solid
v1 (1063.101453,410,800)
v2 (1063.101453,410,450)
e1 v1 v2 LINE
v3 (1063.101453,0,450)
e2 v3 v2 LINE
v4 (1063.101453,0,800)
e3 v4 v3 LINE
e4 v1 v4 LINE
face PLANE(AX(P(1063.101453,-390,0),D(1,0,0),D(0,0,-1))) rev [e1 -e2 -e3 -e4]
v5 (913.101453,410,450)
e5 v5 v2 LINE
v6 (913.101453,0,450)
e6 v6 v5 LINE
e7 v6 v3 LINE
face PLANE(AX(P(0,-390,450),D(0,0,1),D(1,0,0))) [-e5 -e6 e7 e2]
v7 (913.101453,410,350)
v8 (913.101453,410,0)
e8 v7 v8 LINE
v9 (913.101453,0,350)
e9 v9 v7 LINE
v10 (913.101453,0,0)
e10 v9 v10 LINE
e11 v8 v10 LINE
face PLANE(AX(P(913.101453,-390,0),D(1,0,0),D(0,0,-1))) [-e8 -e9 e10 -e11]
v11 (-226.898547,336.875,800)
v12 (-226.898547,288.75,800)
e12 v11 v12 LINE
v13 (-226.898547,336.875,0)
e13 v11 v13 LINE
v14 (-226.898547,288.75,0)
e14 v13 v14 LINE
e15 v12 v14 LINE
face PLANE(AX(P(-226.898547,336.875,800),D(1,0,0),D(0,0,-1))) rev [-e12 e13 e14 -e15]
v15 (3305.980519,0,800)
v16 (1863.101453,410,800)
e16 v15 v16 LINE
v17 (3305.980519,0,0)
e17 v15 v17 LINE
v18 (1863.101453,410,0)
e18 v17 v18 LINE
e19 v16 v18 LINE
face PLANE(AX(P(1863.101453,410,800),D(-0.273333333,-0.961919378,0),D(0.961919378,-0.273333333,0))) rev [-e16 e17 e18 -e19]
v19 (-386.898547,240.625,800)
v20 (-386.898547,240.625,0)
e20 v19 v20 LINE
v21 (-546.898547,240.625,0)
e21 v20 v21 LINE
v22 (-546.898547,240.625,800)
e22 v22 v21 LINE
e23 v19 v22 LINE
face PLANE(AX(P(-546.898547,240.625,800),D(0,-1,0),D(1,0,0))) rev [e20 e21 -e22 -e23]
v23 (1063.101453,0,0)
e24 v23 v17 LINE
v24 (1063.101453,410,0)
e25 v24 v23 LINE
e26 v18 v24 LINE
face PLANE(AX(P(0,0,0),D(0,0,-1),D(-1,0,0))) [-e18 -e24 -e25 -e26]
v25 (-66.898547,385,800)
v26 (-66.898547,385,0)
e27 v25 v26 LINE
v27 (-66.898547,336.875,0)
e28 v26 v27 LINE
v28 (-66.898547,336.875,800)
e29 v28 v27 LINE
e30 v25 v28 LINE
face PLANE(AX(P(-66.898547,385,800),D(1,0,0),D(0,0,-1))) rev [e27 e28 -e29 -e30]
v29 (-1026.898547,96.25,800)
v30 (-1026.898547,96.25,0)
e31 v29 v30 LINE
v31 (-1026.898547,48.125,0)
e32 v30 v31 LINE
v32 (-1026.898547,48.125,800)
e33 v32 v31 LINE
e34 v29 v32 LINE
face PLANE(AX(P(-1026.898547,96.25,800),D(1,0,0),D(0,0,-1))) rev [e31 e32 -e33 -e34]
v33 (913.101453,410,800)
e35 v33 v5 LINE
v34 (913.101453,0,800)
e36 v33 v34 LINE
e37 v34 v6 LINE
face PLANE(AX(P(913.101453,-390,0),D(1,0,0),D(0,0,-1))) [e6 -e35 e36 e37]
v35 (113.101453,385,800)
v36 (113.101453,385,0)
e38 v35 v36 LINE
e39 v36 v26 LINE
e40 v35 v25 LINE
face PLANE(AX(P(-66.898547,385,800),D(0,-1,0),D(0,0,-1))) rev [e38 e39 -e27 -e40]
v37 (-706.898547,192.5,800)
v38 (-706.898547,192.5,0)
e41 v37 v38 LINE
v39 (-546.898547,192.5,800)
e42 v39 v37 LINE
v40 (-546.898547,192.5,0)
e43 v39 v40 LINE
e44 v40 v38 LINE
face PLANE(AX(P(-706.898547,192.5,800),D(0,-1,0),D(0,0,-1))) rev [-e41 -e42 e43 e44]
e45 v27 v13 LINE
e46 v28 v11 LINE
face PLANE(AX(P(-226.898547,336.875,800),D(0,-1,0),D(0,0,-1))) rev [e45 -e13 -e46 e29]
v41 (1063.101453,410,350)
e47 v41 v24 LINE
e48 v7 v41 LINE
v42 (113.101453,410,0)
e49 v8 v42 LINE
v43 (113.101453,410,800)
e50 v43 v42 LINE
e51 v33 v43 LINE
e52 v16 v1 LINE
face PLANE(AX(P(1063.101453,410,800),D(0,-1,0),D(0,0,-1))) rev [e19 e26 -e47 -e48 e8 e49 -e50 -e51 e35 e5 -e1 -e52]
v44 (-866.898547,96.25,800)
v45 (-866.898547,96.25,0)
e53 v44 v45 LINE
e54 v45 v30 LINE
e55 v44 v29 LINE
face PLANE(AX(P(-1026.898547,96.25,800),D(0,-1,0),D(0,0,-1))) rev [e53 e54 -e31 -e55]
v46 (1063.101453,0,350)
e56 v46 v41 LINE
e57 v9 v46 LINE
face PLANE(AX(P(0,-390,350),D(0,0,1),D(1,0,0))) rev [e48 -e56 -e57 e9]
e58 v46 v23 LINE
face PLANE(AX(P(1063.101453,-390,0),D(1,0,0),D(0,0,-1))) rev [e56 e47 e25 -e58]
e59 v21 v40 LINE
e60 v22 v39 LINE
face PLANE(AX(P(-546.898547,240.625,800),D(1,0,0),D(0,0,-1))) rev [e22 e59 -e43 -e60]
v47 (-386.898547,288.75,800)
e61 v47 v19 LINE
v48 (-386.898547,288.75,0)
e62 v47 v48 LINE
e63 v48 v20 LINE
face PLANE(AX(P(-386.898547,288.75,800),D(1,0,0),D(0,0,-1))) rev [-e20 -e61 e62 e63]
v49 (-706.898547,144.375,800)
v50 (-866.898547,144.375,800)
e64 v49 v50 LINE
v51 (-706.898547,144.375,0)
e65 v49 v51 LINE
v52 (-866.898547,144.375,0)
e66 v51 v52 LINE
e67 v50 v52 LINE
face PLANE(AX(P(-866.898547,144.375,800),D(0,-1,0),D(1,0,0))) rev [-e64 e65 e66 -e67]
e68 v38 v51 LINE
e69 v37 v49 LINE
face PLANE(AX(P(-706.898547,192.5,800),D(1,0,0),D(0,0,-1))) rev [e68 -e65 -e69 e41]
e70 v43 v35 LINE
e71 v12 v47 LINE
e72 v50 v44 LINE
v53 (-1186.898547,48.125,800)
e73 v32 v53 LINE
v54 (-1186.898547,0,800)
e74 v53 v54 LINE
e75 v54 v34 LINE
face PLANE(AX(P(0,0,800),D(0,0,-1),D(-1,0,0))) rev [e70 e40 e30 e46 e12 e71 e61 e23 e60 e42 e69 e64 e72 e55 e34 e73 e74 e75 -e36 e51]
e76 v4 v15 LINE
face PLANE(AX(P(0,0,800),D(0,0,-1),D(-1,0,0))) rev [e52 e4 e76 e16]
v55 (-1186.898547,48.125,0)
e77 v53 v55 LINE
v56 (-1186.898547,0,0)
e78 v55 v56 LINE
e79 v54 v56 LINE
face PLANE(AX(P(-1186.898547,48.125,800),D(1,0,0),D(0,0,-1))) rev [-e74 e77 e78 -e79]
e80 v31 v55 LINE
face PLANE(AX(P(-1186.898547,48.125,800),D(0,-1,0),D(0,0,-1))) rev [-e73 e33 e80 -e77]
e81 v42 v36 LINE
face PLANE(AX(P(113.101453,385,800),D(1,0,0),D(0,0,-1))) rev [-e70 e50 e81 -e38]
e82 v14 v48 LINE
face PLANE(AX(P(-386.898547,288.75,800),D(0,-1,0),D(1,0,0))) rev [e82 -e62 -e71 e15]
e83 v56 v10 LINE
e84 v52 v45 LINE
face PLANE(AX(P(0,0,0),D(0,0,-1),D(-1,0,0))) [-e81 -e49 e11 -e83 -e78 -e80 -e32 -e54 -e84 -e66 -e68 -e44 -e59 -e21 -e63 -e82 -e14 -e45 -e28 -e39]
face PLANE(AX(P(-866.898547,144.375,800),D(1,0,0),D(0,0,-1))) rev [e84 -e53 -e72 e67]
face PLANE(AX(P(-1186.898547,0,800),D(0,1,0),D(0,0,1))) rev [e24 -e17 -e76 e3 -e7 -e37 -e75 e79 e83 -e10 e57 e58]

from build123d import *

# Parameters (mm, degrees)
BOSS_EXTRUDE1_DEPTH = 800
SKETCH3_W           = 150
SKETCH3_H           = 350
CUT_EXTRUDE1_DEPTH  = 800


with BuildPart() as part:
    # Sketch1 → Boss-Extrude1 (new body)
    with BuildSketch(Plane.XY):
        Polygon((-1186.898547427, 48.125), (-1026.898547427, 48.125), (-1026.898547427, 96.25), (-866.898547427, 96.25), (-866.898547427, 144.375), (-706.898547427, 144.375), (-706.898547427, 192.5), (-546.898547427, 192.5), (-546.898547427, 240.625), (-386.898547427, 240.625), (-386.898547427, 288.75), (-226.898547427, 288.75), (-226.898547427, 336.875), (-66.898547427, 336.875), (-66.898547427, 385), (113.101452573, 385), (113.101452573, 410), (913.101452573, 410), (1063.101452573, 410), (1863.101452573, 410), (3305.980518884, 0), (-1186.898547427, 0), align=None)
    extrude(amount=BOSS_EXTRUDE1_DEPTH)

    # Sketch3 → Cut-Extrude1 (cut)
    with BuildSketch(Plane(origin=(0, 410, 0), x_dir=(1, 0, 0), z_dir=(0, 1, 0))):
        with Locations((988.101452573, -175)):
            Rectangle(SKETCH3_W, SKETCH3_H)
        with Locations((988.101452573, -625)):
            Rectangle(SKETCH3_W, SKETCH3_H)
    extrude(amount=-CUT_EXTRUDE1_DEPTH, mode=Mode.SUBTRACT)


solid = part.part
